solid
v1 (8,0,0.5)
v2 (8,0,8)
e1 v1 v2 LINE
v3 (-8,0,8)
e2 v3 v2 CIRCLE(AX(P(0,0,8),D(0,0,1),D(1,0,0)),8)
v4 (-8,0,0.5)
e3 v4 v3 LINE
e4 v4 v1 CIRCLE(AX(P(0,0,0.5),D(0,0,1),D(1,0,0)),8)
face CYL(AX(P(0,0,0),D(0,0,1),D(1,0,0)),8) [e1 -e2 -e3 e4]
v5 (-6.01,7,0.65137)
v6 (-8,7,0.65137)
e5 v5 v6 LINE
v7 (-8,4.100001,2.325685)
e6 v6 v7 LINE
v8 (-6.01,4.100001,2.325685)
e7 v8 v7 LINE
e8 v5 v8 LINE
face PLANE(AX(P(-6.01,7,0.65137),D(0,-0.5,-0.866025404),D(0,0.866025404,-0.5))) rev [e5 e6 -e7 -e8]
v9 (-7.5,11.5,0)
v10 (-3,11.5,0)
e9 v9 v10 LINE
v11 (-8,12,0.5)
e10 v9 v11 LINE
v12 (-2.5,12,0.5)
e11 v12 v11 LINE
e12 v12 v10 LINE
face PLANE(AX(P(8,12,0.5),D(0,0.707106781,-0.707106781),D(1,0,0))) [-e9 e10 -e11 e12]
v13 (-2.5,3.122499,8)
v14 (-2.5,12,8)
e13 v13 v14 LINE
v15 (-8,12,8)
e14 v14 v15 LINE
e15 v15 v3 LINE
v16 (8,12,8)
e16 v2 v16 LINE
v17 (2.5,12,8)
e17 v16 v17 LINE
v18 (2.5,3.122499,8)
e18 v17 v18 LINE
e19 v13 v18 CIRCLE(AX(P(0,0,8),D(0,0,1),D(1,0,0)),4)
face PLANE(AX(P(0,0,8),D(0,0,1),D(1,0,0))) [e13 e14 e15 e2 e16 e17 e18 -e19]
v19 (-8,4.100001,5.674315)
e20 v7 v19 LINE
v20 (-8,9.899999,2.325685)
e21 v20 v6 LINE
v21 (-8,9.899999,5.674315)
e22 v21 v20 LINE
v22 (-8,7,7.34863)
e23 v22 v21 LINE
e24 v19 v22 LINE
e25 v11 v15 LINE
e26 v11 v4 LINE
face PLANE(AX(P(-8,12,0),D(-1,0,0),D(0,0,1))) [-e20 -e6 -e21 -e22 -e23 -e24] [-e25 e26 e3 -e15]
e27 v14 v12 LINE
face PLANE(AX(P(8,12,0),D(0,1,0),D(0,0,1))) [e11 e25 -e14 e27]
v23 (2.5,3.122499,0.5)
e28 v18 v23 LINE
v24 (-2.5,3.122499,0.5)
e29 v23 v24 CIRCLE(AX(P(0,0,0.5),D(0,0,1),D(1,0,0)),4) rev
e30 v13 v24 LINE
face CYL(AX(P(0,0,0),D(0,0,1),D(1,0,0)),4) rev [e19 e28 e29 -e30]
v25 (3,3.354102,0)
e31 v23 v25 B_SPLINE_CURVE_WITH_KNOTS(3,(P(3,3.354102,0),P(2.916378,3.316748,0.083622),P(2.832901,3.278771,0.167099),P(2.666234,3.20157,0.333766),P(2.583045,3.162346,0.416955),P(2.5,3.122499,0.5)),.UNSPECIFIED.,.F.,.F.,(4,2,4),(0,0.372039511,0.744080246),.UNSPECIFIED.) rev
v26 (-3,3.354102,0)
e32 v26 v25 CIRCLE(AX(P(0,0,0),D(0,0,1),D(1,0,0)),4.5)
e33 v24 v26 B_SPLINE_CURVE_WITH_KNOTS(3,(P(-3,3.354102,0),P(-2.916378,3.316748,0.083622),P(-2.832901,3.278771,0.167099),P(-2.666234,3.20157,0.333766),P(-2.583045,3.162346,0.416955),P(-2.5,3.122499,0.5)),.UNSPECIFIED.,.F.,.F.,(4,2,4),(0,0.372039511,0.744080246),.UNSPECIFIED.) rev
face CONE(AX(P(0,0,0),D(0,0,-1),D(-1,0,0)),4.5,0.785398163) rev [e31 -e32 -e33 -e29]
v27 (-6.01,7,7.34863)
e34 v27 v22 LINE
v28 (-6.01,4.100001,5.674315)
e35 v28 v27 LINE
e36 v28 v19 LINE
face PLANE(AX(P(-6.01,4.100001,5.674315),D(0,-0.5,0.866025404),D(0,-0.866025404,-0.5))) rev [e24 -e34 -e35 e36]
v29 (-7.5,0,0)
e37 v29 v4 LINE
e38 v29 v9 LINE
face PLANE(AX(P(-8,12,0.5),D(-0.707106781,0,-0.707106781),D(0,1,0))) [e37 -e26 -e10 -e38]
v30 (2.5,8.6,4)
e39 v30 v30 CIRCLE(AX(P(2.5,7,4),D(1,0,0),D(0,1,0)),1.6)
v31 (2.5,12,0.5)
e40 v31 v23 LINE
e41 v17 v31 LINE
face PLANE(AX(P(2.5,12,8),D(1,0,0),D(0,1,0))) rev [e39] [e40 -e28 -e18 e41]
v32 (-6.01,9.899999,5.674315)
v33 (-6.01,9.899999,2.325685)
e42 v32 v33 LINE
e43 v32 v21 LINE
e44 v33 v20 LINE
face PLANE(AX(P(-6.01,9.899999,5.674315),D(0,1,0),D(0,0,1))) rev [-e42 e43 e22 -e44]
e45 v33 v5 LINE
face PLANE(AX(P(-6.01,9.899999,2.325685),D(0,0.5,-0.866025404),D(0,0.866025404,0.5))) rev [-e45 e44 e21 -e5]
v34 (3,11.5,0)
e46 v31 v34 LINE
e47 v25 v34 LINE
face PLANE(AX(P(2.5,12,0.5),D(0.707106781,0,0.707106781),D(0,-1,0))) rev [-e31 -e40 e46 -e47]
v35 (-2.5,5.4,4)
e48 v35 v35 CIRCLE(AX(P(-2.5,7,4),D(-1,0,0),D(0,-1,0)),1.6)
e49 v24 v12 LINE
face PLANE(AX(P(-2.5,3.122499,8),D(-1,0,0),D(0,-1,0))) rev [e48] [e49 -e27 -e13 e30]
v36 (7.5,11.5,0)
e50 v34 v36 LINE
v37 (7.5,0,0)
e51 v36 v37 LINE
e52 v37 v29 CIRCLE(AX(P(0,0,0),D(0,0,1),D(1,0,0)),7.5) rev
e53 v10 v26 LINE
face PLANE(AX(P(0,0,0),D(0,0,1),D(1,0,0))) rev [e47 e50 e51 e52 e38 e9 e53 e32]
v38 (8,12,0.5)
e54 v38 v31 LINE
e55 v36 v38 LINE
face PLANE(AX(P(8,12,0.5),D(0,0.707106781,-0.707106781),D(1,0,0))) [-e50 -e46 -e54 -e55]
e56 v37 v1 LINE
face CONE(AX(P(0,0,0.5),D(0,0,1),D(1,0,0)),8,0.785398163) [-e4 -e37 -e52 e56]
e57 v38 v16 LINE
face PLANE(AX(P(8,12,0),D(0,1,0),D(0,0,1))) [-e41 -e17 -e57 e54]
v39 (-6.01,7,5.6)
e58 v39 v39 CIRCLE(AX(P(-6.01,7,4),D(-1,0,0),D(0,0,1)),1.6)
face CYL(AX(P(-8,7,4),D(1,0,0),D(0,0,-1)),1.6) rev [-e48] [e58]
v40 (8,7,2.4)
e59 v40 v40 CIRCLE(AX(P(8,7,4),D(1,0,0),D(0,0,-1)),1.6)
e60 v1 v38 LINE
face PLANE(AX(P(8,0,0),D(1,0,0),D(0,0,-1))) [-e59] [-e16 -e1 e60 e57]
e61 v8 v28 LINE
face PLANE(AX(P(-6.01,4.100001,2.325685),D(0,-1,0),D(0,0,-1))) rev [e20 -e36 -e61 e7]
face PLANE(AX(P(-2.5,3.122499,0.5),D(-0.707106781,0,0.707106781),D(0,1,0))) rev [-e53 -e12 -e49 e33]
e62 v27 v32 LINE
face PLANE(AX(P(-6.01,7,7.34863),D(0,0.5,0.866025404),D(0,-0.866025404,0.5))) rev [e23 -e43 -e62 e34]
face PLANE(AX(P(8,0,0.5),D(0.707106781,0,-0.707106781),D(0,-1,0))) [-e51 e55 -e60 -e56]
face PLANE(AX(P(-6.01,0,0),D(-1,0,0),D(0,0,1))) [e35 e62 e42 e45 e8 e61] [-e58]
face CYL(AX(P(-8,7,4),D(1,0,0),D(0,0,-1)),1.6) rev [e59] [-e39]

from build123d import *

# Parameters (mm, degrees)
BOSS_EXTRUDE1_DEPTH = 8
CUT_EXTRUDE1_DEPTH  = 17.492422502
CUT_EXTRUDE2_DEPTH  = 1.99
CUT_EXTRUDE4_REACH  = 23.541
SKETCH6_W           = 4
SKETCH6_H           = 8
SKETCH7_R           = 1.6
CUT_EXTRUDE5_DEPTH  = 22.540659229
CHAMFER1_SIZE       = 0.5


with BuildPart() as part:
    # Sketch1 → Boss-Extrude1 (new body)
    with BuildSketch(Plane.XY.offset(8)):
        with BuildLine():
            Line((8, 0), (8, 12))
            Line((8, 12), (-8, 12))
            Line((-8, 12), (-8, 0))
            ThreePointArc((-8, 0), (0, -8), (8, 0))
        make_face()
    extrude(amount=-BOSS_EXTRUDE1_DEPTH)

    # Sketch2 → Cut-Extrude1 (cut, through all)
    with BuildSketch(Plane(origin=(0, 0, 0), x_dir=(-1, 0, 0), z_dir=(0, 0, -1))):
        with BuildLine():
            Line((2.5, 12), (-2.5, 12))
            Line((-2.5, 12), (-2.5, 3.122498999))
            ThreePointArc((-2.5, 3.122498999), (0, 4), (2.5, 3.122498999))
            Line((2.5, 3.122498999), (2.5, 12))
        make_face()
    extrude(amount=-CUT_EXTRUDE1_DEPTH, mode=Mode.SUBTRACT)

    # Sketch3 → Cut-Extrude2 (cut)
    with BuildSketch(Plane.ZY.offset(8)):
        Polygon((5.674315, 4.100001352), (7.34863, 7), (5.674315, 9.899998648), (2.325685, 9.899998648), (0.65137, 7), (2.325685, 4.100001352), align=None)
    extrude(amount=-CUT_EXTRUDE2_DEPTH, mode=Mode.SUBTRACT)

    # Sketch5 → Cut-Extrude4 (cut, up to next)
    with BuildSketch(Plane(origin=(8, 0, 0), x_dir=(0, 0, -1), z_dir=(1, 0, 0)), mode=Mode.PRIVATE) as cut_extrude4_sk1:
        Polygon((-5.33035138, 6.111087627), (-5.13137085, 5.86862915), (-4.888912373, 5.66964862), (-4.612293492, 5.521792748), (-4.312144515, 5.430743551), (-4, 5.4), (-3.687855485, 5.430743551), (-3.387706508, 5.521792748), (-3.111087627, 5.66964862), (-2.86862915, 5.86862915), (-2.66964862, 6.111087627), (-2.521792748, 6.387706508), (-2.430743551, 6.687855485), (-2.4, 7), (-2.430743551, 7.312144515), (-2.521792748, 7.612293492), (-2.66964862, 7.888912373), (-2.86862915, 8.13137085), (-3.111087627, 8.33035138), (-3.387706508, 8.478207252), (-3.687855485, 8.569256449), (-4, 8.6), (-4.312144515, 8.569256449), (-4.612293492, 8.478207252), (-4.888912373, 8.33035138), (-5.13137085, 8.13137085), (-5.33035138, 7.888912373), (-5.478207252, 7.612293492), (-5.569256449, 7.312144515), (-5.6, 7), (-5.569256449, 6.687855485), (-5.478207252, 6.387706508), align=None)
    cut_extrude4_tool1 = extrude(cut_extrude4_sk1.sketch, amount=-CUT_EXTRUDE4_REACH, mode=Mode.PRIVATE) & part.part
    add(cut_extrude4_tool1.solids().sort_by_distance((8, 7, 4))[0], mode=Mode.SUBTRACT)

    # Sketch6 → Cut-Revolve1 (revolve, cut)
    with BuildSketch(Plane(origin=(0, 0, 0), x_dir=(1, 0, 0), z_dir=(0, 1, 0))):
        with Locations((2, -4)):
            Rectangle(SKETCH6_W, SKETCH6_H)
    revolve(axis=Axis((0, 0, 0), (0, 0, 1)), mode=Mode.SUBTRACT)

    # Sketch7 → Cut-Extrude5 (cut, through all)
    with BuildSketch(Plane(origin=(8, 0, 0), x_dir=(0, 0, -1), z_dir=(1, 0, 0))):
        with Locations(Location((-4, 7, 0), (0, 0, 270))):
            Circle(SKETCH7_R)
    extrude(amount=-CUT_EXTRUDE5_DEPTH, mode=Mode.SUBTRACT)

    # Chamfer1
    chamfer1_edges = [part.edges().sort_by_distance(p)[0] for p in [
        (5.25, 12, 0),
        (-8, 6, 0),
        (0, -4, 0),
        (-5.25, 12, 0),
        (-2.5, 7.5612495, 0),
        (2.5, 7.5612495, 0),
        (0, -8, 0),
        (8, 6, 0),
    ]]
    chamfer(chamfer1_edges, length=CHAMFER1_SIZE)


solid = part.part
